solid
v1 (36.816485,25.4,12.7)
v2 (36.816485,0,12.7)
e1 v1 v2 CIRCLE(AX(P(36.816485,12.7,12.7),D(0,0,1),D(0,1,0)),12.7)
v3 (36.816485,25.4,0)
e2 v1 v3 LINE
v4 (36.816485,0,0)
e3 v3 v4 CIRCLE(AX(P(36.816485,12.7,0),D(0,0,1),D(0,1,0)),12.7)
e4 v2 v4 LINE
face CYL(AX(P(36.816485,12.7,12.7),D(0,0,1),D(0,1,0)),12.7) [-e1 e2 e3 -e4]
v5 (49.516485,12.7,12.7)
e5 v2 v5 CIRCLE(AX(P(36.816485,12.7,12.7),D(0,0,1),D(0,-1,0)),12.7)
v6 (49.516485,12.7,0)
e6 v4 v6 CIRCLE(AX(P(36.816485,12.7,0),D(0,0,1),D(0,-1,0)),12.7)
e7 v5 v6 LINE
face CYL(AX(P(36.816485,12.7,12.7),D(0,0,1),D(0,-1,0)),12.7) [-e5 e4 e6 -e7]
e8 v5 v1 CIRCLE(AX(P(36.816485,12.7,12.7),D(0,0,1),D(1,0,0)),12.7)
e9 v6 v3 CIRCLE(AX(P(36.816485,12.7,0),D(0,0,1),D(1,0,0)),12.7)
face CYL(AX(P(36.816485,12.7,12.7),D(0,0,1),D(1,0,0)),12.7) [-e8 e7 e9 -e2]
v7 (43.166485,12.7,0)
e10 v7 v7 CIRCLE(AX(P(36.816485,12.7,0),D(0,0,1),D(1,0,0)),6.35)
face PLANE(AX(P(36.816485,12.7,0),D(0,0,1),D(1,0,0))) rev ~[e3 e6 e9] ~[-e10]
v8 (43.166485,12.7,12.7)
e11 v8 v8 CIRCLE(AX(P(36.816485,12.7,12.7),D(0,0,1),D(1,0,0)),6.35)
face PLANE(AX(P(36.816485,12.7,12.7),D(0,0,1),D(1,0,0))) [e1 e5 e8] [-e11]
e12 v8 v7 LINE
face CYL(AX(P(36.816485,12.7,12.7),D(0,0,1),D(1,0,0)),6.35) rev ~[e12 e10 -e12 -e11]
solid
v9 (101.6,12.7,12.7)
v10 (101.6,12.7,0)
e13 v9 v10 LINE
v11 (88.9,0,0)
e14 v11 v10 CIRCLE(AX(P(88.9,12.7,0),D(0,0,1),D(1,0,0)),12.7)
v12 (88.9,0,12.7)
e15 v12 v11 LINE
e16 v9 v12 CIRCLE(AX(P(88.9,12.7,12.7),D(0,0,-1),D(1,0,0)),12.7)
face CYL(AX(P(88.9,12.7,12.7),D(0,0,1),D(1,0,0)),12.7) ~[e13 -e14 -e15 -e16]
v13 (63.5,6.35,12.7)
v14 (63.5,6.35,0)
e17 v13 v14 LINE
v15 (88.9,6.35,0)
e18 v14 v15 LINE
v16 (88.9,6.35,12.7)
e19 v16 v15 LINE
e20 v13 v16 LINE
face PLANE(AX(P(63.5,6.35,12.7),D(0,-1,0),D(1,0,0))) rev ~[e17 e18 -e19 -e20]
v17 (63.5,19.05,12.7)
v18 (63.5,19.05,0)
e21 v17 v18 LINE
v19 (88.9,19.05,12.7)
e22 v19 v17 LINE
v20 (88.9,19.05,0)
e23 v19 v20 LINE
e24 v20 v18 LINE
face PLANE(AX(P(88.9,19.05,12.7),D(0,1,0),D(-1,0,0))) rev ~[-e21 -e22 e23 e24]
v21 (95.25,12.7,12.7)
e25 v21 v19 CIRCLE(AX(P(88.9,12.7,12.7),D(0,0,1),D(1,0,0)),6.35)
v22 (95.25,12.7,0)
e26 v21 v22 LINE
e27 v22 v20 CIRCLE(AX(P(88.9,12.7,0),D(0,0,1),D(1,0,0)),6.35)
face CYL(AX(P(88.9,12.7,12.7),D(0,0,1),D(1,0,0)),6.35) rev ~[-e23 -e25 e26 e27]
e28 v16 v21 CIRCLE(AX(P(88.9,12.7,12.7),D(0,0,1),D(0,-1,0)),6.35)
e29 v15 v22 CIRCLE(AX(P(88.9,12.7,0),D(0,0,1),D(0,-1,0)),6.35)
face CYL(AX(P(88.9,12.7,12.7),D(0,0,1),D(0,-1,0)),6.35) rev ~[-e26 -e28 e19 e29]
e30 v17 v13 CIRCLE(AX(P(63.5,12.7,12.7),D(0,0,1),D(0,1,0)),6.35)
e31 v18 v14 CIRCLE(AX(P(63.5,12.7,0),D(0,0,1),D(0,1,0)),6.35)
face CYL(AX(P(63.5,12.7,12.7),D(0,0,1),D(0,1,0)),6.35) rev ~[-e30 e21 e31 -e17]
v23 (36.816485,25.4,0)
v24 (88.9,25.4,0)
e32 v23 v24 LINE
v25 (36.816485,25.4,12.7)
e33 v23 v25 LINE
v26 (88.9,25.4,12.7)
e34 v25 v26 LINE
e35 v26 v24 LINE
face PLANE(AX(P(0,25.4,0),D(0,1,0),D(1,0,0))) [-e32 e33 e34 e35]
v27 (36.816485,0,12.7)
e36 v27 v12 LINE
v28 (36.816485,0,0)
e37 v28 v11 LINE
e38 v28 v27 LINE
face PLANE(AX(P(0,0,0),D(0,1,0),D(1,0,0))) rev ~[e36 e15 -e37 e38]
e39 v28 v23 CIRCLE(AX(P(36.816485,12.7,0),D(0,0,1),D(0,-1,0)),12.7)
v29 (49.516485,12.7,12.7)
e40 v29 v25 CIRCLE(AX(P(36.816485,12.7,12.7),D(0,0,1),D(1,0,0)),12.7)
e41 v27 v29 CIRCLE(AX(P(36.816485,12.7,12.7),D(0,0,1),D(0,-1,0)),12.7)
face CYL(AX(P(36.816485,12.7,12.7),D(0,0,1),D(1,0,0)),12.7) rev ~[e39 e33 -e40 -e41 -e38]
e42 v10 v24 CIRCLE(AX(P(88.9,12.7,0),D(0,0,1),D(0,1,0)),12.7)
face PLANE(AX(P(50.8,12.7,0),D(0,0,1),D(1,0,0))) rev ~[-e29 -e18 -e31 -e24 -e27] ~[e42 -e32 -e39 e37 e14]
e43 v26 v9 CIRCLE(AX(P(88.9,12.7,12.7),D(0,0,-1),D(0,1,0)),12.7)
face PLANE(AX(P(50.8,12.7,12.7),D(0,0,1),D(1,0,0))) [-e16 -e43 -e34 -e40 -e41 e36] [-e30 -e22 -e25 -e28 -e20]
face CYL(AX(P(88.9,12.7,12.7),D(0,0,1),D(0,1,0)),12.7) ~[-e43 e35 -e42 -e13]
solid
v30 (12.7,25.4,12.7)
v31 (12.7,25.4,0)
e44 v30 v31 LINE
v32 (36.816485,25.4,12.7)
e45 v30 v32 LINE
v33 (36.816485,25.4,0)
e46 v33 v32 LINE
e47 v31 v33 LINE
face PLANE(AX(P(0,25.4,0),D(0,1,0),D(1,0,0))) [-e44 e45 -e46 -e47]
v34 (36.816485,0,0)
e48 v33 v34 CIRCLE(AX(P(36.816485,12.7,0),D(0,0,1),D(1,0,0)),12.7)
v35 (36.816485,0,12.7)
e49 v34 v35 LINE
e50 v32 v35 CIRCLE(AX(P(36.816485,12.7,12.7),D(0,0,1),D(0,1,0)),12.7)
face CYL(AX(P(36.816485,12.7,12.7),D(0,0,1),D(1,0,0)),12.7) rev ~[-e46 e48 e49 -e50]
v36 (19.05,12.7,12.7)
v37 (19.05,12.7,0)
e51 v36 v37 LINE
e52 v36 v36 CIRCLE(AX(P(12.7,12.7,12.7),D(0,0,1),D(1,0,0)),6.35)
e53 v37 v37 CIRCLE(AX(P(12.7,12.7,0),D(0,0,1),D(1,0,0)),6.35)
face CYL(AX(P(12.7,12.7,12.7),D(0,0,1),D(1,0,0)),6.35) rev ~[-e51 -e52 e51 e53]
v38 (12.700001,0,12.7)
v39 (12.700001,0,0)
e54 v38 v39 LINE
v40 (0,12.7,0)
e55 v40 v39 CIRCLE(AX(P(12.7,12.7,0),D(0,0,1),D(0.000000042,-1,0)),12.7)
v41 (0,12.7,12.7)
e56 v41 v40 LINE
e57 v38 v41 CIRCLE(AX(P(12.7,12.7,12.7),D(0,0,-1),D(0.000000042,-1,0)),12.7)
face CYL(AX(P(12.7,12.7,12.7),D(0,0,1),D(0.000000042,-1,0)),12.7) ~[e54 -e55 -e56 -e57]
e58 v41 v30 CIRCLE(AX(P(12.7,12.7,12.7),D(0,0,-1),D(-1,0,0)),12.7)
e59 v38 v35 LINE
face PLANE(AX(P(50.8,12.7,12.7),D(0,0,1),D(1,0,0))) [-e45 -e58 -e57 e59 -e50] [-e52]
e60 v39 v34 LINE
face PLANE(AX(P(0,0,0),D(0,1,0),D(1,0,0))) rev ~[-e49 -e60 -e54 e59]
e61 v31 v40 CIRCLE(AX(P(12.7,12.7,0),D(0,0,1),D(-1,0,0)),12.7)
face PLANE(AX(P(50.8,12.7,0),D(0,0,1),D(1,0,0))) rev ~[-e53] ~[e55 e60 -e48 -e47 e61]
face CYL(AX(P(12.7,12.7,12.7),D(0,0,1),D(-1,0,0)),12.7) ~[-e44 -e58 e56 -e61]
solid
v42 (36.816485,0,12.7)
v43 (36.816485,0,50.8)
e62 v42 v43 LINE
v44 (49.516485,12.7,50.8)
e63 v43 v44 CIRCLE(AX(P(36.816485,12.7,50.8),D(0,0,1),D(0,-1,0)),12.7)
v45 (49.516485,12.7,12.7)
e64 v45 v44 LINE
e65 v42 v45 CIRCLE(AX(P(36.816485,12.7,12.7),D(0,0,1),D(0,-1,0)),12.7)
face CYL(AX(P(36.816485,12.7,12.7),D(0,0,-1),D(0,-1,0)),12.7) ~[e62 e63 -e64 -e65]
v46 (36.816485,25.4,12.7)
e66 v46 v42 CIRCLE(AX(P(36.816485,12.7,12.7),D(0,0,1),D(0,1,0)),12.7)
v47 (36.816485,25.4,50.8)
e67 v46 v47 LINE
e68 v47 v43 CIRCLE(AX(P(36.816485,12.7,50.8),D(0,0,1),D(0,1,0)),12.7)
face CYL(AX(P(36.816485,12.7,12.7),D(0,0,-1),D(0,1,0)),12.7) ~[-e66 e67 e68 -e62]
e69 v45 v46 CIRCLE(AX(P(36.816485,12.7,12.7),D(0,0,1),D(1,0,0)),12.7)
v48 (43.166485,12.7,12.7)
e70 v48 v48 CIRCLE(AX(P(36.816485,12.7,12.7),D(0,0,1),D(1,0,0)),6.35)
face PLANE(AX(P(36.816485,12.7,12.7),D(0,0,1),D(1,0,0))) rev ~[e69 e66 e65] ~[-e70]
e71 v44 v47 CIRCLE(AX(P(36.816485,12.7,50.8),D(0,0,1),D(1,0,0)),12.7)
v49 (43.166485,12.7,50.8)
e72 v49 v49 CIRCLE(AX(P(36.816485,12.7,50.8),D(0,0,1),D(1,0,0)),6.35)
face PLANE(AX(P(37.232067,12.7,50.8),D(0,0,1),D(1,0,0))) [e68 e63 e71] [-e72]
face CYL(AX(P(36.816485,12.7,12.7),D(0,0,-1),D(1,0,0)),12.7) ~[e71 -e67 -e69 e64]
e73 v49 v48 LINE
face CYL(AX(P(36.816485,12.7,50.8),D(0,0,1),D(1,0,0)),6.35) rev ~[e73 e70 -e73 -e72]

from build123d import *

# Parameters (mm, degrees)
F0_W      = 101.6
F0_H      = 25.4
F1_DEPTH  = 12.7
F3_DEPTH  = 38.1
F2_R      = 6.35
F2_R_2    = 12.7
F4_DEPTH  = 25.4
F5_R      = 6.35
F6_DEPTH  = 50.8
F7_DEPTH  = 12.7
F9_DEPTH  = 12.7
F11_DEPTH = 25.4
F13_DEPTH = 25.4


with BuildPart() as f1:
    # F0 (on Top) → F1 (new body)
    with BuildSketch(Plane.XY):
        with Locations((50.8, 12.7)):
            Rectangle(F0_W, F0_H)
    extrude(amount=F1_DEPTH)

    # F2 (on face) → F3 (join)
    with BuildSketch(Plane.XY.offset(12.7)):
        with BuildLine():
            ThreePointArc((36.8164852262, 0), (45.7967413472, 3.7197438789), (49.5164852262, 12.7))
            ThreePointArc((49.5164852262, 12.7), (45.7967413472, 21.6802561211), (36.8164852262, 25.4))
            ThreePointArc((36.8164852262, 25.4), (24.1164852262, 12.7), (36.8164852262, 0))
        make_face()
    extrude(amount=F3_DEPTH)

    # F2 (on face) → F4 (cut)
    with BuildSketch(Plane.XY.offset(12.7)):
        with Locations((12.7, 12.7)):
            Circle(F2_R)
        with Locations((36.8164852262, 12.7)):
            Circle(F2_R_2)
    extrude(amount=-F4_DEPTH, mode=Mode.SUBTRACT)

    # F5 (on face) → F6 (cut)
    with BuildSketch(Plane.XY.offset(50.8)):
        with Locations((36.8164852262, 12.7)):
            Circle(F5_R)
    extrude(amount=-F6_DEPTH, mode=Mode.SUBTRACT)


with BuildPart() as f7:
    # F7 (new): a face of the model
    f7_faces = [f1.part.faces().sort_by_distance(p)[0] for p in [
        (45.5427413472, 21.4262561211, 12.7),
    ]]
    extrude(f7_faces, amount=F7_DEPTH)


with BuildPart() as f1_1:
    add(f1.part)

    # F8 (on face) → F9 (cut)
    with BuildSketch(Plane.XY.offset(12.7)):
        with BuildLine():
            ThreePointArc((63.5, 6.35), (67.9901280605, 8.2098719395), (69.85, 12.7))
            ThreePointArc((69.85, 12.7), (67.9901280605, 17.1901280605), (63.5, 19.05))
            ThreePointArc((63.5, 19.05), (57.15, 12.7), (63.5, 6.35))
        make_face()
        with BuildLine():
            ThreePointArc((63.5, 19.05), (67.9901280605, 17.1901280605), (69.85, 12.7))
            ThreePointArc((69.85, 12.7), (67.9901280605, 8.2098719395), (63.5, 6.35))
            Line((63.5, 6.35), (88.9, 6.35))
            ThreePointArc((88.9, 6.35), (82.55, 12.7), (88.9, 19.05))
            Line((88.9, 19.05), (63.5, 19.05))
        make_face()
        with BuildLine():
            ThreePointArc((95.25, 12.7), (93.3901280605, 17.1901280605), (88.9, 19.05))
            ThreePointArc((88.9, 19.05), (82.55, 12.7), (88.9, 6.35))
            ThreePointArc((88.9, 6.35), (93.3901280605, 8.2098719395), (95.25, 12.7))
        make_face()
    extrude(amount=-F9_DEPTH, mode=Mode.SUBTRACT)

    # F10 (on face) → F11 (cut)
    with BuildSketch(Plane.XY.offset(12.7)):
        with BuildLine():
            ThreePointArc((0, 12.7), (3.7197438789, 21.6802561211), (12.7, 25.4))
            Line((12.7, 25.4), (0, 25.4))
            Line((0, 25.4), (0, 12.7))
        make_face()
        with BuildLine():
            ThreePointArc((12.7000005348, 0), (3.719744068, 3.7197436899), (0, 12.7))
            Line((0, 12.7), (0, 0))
            Line((0, 0), (12.7000005348, 0))
        make_face()
    extrude(amount=-F11_DEPTH, mode=Mode.SUBTRACT)

    # F12 (on face) → F13 (cut)
    with BuildSketch(Plane.XY.offset(12.7)):
        with BuildLine():
            ThreePointArc((88.9, 25.4), (97.8802561211, 21.6802561211), (101.6, 12.7))
            Line((101.6, 12.7), (101.6, 25.4))
            Line((101.6, 25.4), (88.9, 25.4))
        make_face()
        with BuildLine():
            ThreePointArc((101.6, 12.7), (97.8802561211, 3.7197438789), (88.9, 0))
            Line((88.9, 0), (101.6, 0))
            Line((101.6, 0), (101.6, 12.7))
        make_face()
    extrude(amount=-F13_DEPTH, mode=Mode.SUBTRACT)


solid = Compound([f7.part, f1_1.part])
